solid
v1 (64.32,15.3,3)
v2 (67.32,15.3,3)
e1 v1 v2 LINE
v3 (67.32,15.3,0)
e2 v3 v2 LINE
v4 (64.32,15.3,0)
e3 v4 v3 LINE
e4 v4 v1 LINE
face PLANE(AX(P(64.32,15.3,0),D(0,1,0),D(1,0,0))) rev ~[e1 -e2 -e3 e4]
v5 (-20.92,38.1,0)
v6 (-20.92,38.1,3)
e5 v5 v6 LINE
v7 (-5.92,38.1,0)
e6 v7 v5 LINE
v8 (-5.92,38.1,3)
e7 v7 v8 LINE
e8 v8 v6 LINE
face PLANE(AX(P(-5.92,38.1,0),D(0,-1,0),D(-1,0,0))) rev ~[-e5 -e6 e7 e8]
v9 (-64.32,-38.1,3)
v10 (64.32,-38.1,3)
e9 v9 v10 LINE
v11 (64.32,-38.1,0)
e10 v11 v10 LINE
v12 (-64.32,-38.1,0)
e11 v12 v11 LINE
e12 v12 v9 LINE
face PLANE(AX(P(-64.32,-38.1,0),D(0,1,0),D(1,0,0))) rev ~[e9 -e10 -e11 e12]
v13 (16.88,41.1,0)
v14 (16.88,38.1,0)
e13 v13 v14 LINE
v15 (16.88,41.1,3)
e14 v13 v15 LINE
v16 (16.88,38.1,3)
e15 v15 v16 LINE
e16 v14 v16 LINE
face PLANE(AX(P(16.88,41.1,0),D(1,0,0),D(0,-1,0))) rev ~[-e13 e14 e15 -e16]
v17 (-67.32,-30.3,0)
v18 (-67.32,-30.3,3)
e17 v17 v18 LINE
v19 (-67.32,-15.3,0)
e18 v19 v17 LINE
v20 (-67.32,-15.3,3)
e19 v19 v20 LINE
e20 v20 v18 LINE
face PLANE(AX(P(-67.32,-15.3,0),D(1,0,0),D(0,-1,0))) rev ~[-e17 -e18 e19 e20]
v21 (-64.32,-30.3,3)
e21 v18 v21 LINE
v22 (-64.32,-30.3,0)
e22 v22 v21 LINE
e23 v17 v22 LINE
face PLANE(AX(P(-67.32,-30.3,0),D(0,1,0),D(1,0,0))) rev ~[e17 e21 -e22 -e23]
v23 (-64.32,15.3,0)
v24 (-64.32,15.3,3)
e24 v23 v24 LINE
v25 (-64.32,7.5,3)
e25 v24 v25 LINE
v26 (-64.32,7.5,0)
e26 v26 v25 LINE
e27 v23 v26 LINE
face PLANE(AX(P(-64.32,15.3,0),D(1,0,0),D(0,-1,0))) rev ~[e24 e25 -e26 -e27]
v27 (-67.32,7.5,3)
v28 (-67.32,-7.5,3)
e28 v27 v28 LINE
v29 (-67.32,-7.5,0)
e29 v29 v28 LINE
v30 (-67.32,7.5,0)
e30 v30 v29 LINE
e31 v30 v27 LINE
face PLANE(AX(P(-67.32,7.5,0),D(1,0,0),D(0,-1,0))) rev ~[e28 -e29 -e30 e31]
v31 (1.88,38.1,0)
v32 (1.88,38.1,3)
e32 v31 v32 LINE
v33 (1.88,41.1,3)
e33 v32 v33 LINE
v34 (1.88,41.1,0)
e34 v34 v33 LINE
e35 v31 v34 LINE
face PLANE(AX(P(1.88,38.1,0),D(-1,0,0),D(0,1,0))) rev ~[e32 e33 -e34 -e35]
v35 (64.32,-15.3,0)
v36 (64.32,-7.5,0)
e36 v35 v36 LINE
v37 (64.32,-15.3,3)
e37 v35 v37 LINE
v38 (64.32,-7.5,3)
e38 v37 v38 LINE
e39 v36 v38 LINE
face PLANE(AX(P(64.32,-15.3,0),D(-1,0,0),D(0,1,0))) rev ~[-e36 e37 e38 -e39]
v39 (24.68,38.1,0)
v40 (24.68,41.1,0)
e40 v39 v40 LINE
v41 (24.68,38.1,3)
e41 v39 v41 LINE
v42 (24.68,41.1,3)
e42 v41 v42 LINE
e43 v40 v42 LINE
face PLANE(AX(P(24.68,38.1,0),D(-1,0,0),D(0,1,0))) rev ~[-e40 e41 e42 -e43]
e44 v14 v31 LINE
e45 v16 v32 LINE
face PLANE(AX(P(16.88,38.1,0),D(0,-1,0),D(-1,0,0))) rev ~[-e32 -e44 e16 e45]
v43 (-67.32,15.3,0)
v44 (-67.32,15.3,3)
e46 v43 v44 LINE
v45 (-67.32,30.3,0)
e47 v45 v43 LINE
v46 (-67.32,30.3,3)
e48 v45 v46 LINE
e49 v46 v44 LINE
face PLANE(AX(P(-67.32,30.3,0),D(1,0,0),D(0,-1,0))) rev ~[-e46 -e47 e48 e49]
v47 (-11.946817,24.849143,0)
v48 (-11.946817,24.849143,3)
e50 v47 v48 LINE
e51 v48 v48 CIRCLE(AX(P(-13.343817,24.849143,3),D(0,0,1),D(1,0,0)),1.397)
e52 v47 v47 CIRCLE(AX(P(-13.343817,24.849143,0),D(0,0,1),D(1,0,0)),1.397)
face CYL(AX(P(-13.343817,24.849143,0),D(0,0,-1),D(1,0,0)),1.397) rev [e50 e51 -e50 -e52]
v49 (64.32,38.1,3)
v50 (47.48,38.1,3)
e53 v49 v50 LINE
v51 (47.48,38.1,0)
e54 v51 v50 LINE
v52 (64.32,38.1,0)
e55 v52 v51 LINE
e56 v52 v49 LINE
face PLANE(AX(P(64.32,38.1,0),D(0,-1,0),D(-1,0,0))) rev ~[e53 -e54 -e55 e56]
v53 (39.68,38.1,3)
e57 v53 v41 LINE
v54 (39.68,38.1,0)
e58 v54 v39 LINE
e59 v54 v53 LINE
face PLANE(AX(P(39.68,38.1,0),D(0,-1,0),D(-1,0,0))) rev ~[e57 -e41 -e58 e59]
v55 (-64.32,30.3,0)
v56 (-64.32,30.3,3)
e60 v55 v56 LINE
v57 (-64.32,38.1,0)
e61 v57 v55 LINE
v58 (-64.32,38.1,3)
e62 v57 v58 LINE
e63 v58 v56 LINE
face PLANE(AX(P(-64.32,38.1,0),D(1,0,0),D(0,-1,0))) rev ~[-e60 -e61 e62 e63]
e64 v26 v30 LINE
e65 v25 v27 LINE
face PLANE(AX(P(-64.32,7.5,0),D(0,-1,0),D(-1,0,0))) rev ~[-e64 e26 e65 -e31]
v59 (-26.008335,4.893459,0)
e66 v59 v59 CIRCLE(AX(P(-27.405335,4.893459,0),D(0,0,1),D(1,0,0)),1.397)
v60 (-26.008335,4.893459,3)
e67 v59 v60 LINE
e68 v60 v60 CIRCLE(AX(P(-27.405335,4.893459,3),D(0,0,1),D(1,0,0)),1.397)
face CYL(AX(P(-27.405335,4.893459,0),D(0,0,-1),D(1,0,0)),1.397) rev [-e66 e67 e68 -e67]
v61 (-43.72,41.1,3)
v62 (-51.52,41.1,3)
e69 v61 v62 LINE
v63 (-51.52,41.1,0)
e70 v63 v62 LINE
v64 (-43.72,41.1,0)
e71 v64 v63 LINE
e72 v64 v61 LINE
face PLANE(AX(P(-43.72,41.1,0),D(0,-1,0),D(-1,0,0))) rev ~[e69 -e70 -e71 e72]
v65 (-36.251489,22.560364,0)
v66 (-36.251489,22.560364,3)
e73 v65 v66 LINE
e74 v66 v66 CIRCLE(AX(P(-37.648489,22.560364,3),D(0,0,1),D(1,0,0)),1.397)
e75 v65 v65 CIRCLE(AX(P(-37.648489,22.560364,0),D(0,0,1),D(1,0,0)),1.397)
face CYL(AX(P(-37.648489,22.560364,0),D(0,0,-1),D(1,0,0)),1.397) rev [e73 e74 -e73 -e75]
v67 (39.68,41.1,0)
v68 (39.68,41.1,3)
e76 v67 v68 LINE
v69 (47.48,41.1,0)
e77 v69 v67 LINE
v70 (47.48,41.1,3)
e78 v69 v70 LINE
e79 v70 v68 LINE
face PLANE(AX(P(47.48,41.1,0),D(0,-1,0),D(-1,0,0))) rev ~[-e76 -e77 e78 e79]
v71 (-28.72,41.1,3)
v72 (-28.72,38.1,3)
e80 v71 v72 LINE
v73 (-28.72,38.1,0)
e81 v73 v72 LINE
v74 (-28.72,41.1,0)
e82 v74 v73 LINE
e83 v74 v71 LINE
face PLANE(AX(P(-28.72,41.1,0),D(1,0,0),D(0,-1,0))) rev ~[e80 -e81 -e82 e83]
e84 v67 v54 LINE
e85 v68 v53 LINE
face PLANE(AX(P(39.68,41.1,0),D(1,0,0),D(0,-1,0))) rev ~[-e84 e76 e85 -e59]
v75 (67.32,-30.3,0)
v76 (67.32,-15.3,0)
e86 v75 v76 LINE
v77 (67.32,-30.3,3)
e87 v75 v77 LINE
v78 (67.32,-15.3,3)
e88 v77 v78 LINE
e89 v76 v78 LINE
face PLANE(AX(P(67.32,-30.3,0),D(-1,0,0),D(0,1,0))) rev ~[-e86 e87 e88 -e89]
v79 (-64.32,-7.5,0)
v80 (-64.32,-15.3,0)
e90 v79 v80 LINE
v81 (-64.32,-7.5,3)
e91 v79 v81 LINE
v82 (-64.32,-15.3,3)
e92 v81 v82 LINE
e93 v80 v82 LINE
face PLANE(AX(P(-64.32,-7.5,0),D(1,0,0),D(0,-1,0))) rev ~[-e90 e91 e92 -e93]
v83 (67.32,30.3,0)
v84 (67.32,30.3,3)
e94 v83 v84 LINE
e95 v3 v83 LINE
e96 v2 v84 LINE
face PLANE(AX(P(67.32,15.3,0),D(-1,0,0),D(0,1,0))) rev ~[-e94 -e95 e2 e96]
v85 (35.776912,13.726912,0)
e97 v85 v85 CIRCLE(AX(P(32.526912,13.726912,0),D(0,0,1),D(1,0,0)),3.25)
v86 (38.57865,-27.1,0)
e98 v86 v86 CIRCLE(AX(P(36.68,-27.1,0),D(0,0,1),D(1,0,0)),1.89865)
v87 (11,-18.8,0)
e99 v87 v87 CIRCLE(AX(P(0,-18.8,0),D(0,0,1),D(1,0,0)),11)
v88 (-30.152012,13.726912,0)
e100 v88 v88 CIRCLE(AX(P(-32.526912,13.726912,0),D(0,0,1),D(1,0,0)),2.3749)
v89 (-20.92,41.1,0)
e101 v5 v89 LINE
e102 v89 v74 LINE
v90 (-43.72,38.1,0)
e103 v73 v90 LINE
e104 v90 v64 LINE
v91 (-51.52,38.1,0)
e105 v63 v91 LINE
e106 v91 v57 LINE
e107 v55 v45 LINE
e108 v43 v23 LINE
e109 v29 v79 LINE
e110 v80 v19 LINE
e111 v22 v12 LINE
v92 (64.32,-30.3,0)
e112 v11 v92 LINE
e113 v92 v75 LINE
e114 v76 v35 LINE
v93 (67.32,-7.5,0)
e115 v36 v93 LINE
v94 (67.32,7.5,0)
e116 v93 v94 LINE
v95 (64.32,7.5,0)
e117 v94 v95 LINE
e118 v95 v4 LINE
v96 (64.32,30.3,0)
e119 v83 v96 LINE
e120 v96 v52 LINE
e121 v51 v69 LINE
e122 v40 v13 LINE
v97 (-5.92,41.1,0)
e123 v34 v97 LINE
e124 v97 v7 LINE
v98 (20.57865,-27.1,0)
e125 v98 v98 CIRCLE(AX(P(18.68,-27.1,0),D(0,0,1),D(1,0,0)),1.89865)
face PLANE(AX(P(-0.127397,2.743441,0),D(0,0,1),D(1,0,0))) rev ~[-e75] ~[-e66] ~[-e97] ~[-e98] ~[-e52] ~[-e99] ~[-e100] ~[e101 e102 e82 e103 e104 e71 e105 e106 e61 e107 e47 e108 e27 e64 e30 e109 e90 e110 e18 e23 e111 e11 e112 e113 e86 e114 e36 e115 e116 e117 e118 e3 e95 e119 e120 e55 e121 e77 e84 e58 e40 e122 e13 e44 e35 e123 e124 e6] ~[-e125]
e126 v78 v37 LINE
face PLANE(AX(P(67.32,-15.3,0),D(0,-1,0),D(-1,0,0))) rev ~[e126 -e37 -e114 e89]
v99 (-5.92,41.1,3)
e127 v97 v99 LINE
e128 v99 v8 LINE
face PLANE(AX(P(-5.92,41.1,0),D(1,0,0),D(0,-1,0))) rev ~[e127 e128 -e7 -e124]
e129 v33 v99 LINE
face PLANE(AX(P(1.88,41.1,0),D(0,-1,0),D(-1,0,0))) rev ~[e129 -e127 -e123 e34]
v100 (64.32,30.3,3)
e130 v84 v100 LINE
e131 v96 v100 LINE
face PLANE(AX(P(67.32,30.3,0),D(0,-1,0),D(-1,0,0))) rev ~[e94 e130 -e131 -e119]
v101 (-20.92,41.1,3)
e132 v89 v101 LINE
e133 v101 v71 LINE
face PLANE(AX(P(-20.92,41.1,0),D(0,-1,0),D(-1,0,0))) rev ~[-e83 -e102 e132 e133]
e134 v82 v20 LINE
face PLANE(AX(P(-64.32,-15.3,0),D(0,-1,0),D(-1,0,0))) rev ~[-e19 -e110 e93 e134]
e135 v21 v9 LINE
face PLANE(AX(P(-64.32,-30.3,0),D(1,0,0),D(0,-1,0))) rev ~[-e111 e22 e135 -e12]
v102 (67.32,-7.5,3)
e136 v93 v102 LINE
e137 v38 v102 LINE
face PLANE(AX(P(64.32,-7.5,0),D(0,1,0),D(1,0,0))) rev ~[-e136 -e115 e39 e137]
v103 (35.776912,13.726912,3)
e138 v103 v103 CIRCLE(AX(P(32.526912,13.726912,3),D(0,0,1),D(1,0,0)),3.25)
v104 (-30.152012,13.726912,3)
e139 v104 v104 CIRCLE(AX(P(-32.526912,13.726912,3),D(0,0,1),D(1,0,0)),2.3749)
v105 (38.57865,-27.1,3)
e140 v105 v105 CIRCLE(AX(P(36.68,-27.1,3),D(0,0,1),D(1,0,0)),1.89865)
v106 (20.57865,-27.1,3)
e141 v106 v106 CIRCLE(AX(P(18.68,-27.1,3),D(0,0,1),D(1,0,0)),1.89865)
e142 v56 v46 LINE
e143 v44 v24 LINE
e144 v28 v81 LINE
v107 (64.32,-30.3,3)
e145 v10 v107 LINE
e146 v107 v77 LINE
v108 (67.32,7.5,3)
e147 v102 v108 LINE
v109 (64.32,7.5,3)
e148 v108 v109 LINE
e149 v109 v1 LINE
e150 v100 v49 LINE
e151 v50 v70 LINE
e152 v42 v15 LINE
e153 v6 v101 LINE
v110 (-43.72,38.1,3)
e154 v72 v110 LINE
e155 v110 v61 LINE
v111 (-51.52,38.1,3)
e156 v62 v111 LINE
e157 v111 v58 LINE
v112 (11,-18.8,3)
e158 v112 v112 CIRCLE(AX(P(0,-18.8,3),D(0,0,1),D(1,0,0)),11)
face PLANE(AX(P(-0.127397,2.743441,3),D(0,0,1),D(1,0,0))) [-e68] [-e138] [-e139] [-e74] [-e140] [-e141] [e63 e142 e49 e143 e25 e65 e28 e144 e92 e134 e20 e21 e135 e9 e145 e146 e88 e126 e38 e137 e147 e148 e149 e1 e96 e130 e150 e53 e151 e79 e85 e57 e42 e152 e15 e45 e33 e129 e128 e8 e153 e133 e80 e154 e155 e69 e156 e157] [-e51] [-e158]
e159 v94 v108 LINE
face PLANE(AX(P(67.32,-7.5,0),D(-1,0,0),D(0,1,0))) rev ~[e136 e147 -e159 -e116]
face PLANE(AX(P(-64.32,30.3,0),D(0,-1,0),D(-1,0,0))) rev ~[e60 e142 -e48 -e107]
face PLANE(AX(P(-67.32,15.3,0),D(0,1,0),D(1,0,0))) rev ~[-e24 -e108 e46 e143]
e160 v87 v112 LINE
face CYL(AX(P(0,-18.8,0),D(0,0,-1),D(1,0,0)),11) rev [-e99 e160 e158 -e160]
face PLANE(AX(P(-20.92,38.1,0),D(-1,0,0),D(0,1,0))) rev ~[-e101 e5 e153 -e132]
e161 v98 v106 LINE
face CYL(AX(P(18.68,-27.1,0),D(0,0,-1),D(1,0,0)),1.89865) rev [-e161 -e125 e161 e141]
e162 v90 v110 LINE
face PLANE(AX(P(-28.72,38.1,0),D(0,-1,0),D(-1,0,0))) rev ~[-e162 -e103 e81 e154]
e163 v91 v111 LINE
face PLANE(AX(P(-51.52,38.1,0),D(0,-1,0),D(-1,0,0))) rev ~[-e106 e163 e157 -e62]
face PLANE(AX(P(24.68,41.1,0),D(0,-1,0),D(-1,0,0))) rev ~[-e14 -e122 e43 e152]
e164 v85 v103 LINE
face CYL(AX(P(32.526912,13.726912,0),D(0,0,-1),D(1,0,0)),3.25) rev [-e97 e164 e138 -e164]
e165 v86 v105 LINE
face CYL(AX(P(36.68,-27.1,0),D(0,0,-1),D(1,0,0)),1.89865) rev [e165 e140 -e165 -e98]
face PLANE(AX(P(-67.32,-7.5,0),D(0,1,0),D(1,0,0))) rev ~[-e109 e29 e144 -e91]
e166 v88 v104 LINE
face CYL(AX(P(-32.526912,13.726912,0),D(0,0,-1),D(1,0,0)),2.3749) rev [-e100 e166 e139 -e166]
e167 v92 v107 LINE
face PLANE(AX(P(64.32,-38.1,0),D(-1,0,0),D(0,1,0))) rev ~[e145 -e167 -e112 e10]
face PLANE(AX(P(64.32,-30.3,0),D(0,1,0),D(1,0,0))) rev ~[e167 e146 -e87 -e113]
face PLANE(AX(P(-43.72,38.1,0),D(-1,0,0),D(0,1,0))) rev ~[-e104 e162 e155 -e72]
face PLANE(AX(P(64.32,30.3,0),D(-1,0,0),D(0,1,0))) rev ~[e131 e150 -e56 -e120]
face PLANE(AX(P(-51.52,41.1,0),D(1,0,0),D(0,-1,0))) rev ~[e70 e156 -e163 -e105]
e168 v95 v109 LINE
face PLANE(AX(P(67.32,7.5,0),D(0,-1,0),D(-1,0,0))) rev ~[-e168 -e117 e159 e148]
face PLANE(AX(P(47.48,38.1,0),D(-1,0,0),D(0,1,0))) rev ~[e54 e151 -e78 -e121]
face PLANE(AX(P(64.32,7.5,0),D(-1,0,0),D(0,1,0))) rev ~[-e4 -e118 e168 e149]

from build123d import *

# Parameters (mm, degrees)
MODEL_R             = 1.397
MODEL_R_2           = 1.89865
MODEL_R_3           = 3.25
MODEL_R_4           = 2.3749
MODEL_R_5           = 11
BOSS_EXTRUDE1_DEPTH = 3


with BuildPart() as part:
    # Model → Boss-Extrude1 (new body)
    with BuildSketch(Plane.XY):
        Polygon((67.32, 30.3), (64.32, 30.3), (64.32, 38.1), (47.48, 38.1), (47.48, 41.1), (39.68, 41.1), (39.68, 38.1), (24.68, 38.1), (24.68, 41.1), (16.88, 41.1), (16.88, 38.1), (1.88, 38.1), (1.88, 41.1), (-5.92, 41.1), (-5.92, 38.1), (-20.92, 38.1), (-20.92, 41.1), (-28.72, 41.1), (-28.72, 38.1), (-43.72, 38.1), (-43.72, 41.1), (-51.52, 41.1), (-51.52, 38.1), (-64.32, 38.1), (-64.32, 30.3), (-67.32, 30.3), (-67.32, 15.3), (-64.32, 15.3), (-64.32, 7.5), (-67.32, 7.5), (-67.32, -7.5), (-64.32, -7.5), (-64.32, -15.3), (-67.32, -15.3), (-67.32, -30.3), (-64.32, -30.3), (-64.32, -38.1), (64.32, -38.1), (64.32, -30.3), (67.32, -30.3), (67.32, -15.3), (64.32, -15.3), (64.32, -7.5), (67.32, -7.5), (67.32, 7.5), (64.32, 7.5), (64.32, 15.3), (67.32, 15.3), align=None)
        with Locations((-37.648489217, 22.560364418)):
            Circle(MODEL_R, mode=Mode.SUBTRACT)
        with Locations((-27.405334652, 4.893459451)):
            Circle(MODEL_R, mode=Mode.SUBTRACT)
        with Locations((-13.343817362, 24.849143198)):
            Circle(MODEL_R, mode=Mode.SUBTRACT)
        with Locations((36.68, -27.1)):
            Circle(MODEL_R_2, mode=Mode.SUBTRACT)
        with Locations((18.68, -27.1)):
            Circle(MODEL_R_2, mode=Mode.SUBTRACT)
        with Locations((32.526911935, 13.726911935)):
            Circle(MODEL_R_3, mode=Mode.SUBTRACT)
        with Locations((-32.526911935, 13.726911935)):
            Circle(MODEL_R_4, mode=Mode.SUBTRACT)
        with Locations((0, -18.8)):
            Circle(MODEL_R_5, mode=Mode.SUBTRACT)
    extrude(amount=BOSS_EXTRUDE1_DEPTH)


solid = part.part
